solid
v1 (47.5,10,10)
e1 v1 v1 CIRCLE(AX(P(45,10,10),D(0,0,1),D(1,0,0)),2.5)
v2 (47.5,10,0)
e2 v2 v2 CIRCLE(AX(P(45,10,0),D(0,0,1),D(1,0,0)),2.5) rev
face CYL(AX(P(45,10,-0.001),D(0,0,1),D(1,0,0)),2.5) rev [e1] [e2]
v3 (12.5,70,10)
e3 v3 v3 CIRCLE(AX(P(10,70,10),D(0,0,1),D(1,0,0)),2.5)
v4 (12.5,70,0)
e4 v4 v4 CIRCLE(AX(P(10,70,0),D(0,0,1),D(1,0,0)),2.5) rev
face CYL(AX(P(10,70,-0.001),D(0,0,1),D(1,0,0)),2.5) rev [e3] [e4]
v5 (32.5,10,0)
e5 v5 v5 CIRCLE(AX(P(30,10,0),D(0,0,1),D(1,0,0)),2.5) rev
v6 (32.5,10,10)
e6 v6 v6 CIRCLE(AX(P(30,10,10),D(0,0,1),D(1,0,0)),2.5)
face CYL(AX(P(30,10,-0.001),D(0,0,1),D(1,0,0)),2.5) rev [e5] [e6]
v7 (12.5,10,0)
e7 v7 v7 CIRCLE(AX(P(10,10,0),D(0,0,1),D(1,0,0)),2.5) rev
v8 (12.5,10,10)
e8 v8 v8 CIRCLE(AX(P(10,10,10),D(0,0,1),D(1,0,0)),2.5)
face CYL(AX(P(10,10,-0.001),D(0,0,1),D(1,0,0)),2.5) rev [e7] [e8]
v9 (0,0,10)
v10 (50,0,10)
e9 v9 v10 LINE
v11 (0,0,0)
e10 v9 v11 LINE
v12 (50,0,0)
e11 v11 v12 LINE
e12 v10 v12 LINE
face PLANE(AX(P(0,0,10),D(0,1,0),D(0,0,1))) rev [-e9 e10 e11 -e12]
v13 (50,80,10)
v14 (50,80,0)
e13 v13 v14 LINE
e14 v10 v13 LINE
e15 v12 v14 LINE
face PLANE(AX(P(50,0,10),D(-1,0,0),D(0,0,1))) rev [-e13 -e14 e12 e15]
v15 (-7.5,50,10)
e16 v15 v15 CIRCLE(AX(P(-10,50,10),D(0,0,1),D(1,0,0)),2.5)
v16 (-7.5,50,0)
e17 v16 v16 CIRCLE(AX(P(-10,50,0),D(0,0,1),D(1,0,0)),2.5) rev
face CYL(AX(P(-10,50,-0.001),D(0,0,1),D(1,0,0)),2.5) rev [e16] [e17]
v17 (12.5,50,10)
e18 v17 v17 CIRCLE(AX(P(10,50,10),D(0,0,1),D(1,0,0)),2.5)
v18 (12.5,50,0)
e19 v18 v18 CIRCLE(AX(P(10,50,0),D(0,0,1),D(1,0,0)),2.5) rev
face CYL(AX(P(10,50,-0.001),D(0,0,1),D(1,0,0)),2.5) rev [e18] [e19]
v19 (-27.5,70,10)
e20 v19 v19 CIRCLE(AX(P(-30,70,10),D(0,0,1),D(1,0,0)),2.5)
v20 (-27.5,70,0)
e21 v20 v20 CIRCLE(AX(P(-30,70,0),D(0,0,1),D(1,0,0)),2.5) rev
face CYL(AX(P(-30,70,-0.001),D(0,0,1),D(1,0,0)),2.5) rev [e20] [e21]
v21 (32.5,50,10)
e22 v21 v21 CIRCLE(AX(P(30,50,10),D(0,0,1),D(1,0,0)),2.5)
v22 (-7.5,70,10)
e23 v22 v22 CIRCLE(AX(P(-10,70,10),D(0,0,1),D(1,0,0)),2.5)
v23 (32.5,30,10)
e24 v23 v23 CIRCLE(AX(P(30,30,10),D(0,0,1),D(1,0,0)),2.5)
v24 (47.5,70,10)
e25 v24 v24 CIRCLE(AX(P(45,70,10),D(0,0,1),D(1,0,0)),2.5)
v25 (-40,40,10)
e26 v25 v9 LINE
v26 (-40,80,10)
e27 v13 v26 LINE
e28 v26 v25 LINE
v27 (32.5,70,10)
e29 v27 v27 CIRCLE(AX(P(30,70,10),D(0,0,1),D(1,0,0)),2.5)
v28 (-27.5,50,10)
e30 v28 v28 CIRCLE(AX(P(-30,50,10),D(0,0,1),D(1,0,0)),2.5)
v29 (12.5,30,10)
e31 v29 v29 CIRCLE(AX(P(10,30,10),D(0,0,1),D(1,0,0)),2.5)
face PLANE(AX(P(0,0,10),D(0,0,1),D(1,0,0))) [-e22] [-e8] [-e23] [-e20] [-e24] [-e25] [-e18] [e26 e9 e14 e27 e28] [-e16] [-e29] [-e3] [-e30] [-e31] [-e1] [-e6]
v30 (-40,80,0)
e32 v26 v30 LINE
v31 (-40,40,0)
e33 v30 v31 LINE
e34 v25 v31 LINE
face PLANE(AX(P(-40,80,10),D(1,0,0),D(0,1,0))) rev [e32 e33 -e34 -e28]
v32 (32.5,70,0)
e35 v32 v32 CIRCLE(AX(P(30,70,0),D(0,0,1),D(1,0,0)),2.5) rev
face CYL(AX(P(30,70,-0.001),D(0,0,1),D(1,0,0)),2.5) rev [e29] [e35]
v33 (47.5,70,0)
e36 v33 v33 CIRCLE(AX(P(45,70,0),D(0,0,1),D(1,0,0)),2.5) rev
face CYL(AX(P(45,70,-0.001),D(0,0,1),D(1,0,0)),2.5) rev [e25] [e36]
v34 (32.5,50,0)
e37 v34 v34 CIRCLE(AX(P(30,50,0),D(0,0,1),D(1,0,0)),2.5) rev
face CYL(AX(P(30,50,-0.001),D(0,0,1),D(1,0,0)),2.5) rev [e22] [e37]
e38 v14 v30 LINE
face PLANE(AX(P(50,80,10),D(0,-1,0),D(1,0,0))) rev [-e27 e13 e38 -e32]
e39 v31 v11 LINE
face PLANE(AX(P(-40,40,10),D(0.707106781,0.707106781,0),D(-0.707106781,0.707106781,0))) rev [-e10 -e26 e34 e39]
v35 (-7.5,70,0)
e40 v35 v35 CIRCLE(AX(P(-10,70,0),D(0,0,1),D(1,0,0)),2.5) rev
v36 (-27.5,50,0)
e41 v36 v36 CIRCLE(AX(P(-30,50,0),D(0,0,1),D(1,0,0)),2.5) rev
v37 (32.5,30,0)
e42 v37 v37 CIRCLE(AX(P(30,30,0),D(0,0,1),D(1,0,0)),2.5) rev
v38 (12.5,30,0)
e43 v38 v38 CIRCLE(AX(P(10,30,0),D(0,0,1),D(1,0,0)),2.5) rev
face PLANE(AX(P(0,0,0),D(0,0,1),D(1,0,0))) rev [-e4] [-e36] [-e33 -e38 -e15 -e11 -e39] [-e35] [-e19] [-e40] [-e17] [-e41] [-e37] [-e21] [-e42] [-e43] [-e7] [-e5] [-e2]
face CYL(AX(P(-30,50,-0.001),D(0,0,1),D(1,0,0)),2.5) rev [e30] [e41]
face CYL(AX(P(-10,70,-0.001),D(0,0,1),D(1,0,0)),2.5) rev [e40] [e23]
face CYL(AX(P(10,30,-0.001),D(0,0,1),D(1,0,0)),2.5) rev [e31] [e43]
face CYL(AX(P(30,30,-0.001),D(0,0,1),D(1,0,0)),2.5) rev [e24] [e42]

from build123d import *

# Parameters (mm, degrees)
BOSS_EXTRUDE1_DEPTH = 10
CUT_EXTRUDE1_REACH  = 96.868
SKETCH2_R           = 2.5


with BuildPart() as part:
    # Sketch1 → Boss-Extrude1 (new body)
    with BuildSketch(Plane.XY):
        Polygon((0, 0), (50, 0), (50, 80), (-40, 80), (-40, 40), align=None)
    extrude(amount=BOSS_EXTRUDE1_DEPTH)

    # Sketch2 → Cut-Extrude1 (cut, up to next)
    with BuildSketch(Plane.XY.offset(10), mode=Mode.PRIVATE) as cut_extrude1_sk1:
        with Locations((10, 10)):
            Circle(SKETCH2_R)
    cut_extrude1_tool1 = extrude(cut_extrude1_sk1.sketch, amount=-CUT_EXTRUDE1_REACH, mode=Mode.PRIVATE) & part.part
    # Sketch2 → Cut-Extrude1 (cut, up to next)
    with BuildSketch(Plane.XY.offset(10), mode=Mode.PRIVATE) as cut_extrude1_sk2:
        with Locations((30, 10)):
            Circle(SKETCH2_R)
    cut_extrude1_tool2 = extrude(cut_extrude1_sk2.sketch, amount=-CUT_EXTRUDE1_REACH, mode=Mode.PRIVATE) & part.part
    # Sketch2 → Cut-Extrude1 (cut, up to next)
    with BuildSketch(Plane.XY.offset(10), mode=Mode.PRIVATE) as cut_extrude1_sk3:
        with Locations((10, 30)):
            Circle(SKETCH2_R)
    cut_extrude1_tool3 = extrude(cut_extrude1_sk3.sketch, amount=-CUT_EXTRUDE1_REACH, mode=Mode.PRIVATE) & part.part
    # Sketch2 → Cut-Extrude1 (cut, up to next)
    with BuildSketch(Plane.XY.offset(10), mode=Mode.PRIVATE) as cut_extrude1_sk4:
        with Locations((30, 30)):
            Circle(SKETCH2_R)
    cut_extrude1_tool4 = extrude(cut_extrude1_sk4.sketch, amount=-CUT_EXTRUDE1_REACH, mode=Mode.PRIVATE) & part.part
    # Sketch2 → Cut-Extrude1 (cut, up to next)
    with BuildSketch(Plane.XY.offset(10), mode=Mode.PRIVATE) as cut_extrude1_sk5:
        with Locations((10, 50)):
            Circle(SKETCH2_R)
    cut_extrude1_tool5 = extrude(cut_extrude1_sk5.sketch, amount=-CUT_EXTRUDE1_REACH, mode=Mode.PRIVATE) & part.part
    # Sketch2 → Cut-Extrude1 (cut, up to next)
    with BuildSketch(Plane.XY.offset(10), mode=Mode.PRIVATE) as cut_extrude1_sk6:
        with Locations((30, 50)):
            Circle(SKETCH2_R)
    cut_extrude1_tool6 = extrude(cut_extrude1_sk6.sketch, amount=-CUT_EXTRUDE1_REACH, mode=Mode.PRIVATE) & part.part
    # Sketch2 → Cut-Extrude1 (cut, up to next)
    with BuildSketch(Plane.XY.offset(10), mode=Mode.PRIVATE) as cut_extrude1_sk7:
        with Locations((10, 70)):
            Circle(SKETCH2_R)
    cut_extrude1_tool7 = extrude(cut_extrude1_sk7.sketch, amount=-CUT_EXTRUDE1_REACH, mode=Mode.PRIVATE) & part.part
    # Sketch2 → Cut-Extrude1 (cut, up to next)
    with BuildSketch(Plane.XY.offset(10), mode=Mode.PRIVATE) as cut_extrude1_sk8:
        with Locations((30, 70)):
            Circle(SKETCH2_R)
    cut_extrude1_tool8 = extrude(cut_extrude1_sk8.sketch, amount=-CUT_EXTRUDE1_REACH, mode=Mode.PRIVATE) & part.part
    # Sketch2 → Cut-Extrude1 (cut, up to next)
    with BuildSketch(Plane.XY.offset(10), mode=Mode.PRIVATE) as cut_extrude1_sk9:
        with Locations((-30, 50)):
            Circle(SKETCH2_R)
    cut_extrude1_tool9 = extrude(cut_extrude1_sk9.sketch, amount=-CUT_EXTRUDE1_REACH, mode=Mode.PRIVATE) & part.part
    # Sketch2 → Cut-Extrude1 (cut, up to next)
    with BuildSketch(Plane.XY.offset(10), mode=Mode.PRIVATE) as cut_extrude1_sk10:
        with Locations((-10, 50)):
            Circle(SKETCH2_R)
    cut_extrude1_tool10 = extrude(cut_extrude1_sk10.sketch, amount=-CUT_EXTRUDE1_REACH, mode=Mode.PRIVATE) & part.part
    # Sketch2 → Cut-Extrude1 (cut, up to next)
    with BuildSketch(Plane.XY.offset(10), mode=Mode.PRIVATE) as cut_extrude1_sk11:
        with Locations((-30, 70)):
            Circle(SKETCH2_R)
    cut_extrude1_tool11 = extrude(cut_extrude1_sk11.sketch, amount=-CUT_EXTRUDE1_REACH, mode=Mode.PRIVATE) & part.part
    # Sketch2 → Cut-Extrude1 (cut, up to next)
    with BuildSketch(Plane.XY.offset(10), mode=Mode.PRIVATE) as cut_extrude1_sk12:
        with Locations((-10, 70)):
            Circle(SKETCH2_R)
    cut_extrude1_tool12 = extrude(cut_extrude1_sk12.sketch, amount=-CUT_EXTRUDE1_REACH, mode=Mode.PRIVATE) & part.part
    # Sketch2 → Cut-Extrude1 (cut, up to next)
    with BuildSketch(Plane.XY.offset(10), mode=Mode.PRIVATE) as cut_extrude1_sk13:
        with Locations((45, 10)):
            Circle(SKETCH2_R)
    cut_extrude1_tool13 = extrude(cut_extrude1_sk13.sketch, amount=-CUT_EXTRUDE1_REACH, mode=Mode.PRIVATE) & part.part
    # Sketch2 → Cut-Extrude1 (cut, up to next)
    with BuildSketch(Plane.XY.offset(10), mode=Mode.PRIVATE) as cut_extrude1_sk14:
        with Locations((45, 70)):
            Circle(SKETCH2_R)
    cut_extrude1_tool14 = extrude(cut_extrude1_sk14.sketch, amount=-CUT_EXTRUDE1_REACH, mode=Mode.PRIVATE) & part.part
    add(cut_extrude1_tool1.solids().sort_by_distance((10, 10, 10))[0], mode=Mode.SUBTRACT)
    add(cut_extrude1_tool2.solids().sort_by_distance((30, 10, 10))[0], mode=Mode.SUBTRACT)
    add(cut_extrude1_tool3.solids().sort_by_distance((10, 30, 10))[0], mode=Mode.SUBTRACT)
    add(cut_extrude1_tool4.solids().sort_by_distance((30, 30, 10))[0], mode=Mode.SUBTRACT)
    add(cut_extrude1_tool5.solids().sort_by_distance((10, 50, 10))[0], mode=Mode.SUBTRACT)
    add(cut_extrude1_tool6.solids().sort_by_distance((30, 50, 10))[0], mode=Mode.SUBTRACT)
    add(cut_extrude1_tool7.solids().sort_by_distance((10, 70, 10))[0], mode=Mode.SUBTRACT)
    add(cut_extrude1_tool8.solids().sort_by_distance((30, 70, 10))[0], mode=Mode.SUBTRACT)
    add(cut_extrude1_tool9.solids().sort_by_distance((-30, 50, 10))[0], mode=Mode.SUBTRACT)
    add(cut_extrude1_tool10.solids().sort_by_distance((-10, 50, 10))[0], mode=Mode.SUBTRACT)
    add(cut_extrude1_tool11.solids().sort_by_distance((-30, 70, 10))[0], mode=Mode.SUBTRACT)
    add(cut_extrude1_tool12.solids().sort_by_distance((-10, 70, 10))[0], mode=Mode.SUBTRACT)
    add(cut_extrude1_tool13.solids().sort_by_distance((45, 10, 10))[0], mode=Mode.SUBTRACT)
    add(cut_extrude1_tool14.solids().sort_by_distance((45, 70, 10))[0], mode=Mode.SUBTRACT)


solid = part.part
